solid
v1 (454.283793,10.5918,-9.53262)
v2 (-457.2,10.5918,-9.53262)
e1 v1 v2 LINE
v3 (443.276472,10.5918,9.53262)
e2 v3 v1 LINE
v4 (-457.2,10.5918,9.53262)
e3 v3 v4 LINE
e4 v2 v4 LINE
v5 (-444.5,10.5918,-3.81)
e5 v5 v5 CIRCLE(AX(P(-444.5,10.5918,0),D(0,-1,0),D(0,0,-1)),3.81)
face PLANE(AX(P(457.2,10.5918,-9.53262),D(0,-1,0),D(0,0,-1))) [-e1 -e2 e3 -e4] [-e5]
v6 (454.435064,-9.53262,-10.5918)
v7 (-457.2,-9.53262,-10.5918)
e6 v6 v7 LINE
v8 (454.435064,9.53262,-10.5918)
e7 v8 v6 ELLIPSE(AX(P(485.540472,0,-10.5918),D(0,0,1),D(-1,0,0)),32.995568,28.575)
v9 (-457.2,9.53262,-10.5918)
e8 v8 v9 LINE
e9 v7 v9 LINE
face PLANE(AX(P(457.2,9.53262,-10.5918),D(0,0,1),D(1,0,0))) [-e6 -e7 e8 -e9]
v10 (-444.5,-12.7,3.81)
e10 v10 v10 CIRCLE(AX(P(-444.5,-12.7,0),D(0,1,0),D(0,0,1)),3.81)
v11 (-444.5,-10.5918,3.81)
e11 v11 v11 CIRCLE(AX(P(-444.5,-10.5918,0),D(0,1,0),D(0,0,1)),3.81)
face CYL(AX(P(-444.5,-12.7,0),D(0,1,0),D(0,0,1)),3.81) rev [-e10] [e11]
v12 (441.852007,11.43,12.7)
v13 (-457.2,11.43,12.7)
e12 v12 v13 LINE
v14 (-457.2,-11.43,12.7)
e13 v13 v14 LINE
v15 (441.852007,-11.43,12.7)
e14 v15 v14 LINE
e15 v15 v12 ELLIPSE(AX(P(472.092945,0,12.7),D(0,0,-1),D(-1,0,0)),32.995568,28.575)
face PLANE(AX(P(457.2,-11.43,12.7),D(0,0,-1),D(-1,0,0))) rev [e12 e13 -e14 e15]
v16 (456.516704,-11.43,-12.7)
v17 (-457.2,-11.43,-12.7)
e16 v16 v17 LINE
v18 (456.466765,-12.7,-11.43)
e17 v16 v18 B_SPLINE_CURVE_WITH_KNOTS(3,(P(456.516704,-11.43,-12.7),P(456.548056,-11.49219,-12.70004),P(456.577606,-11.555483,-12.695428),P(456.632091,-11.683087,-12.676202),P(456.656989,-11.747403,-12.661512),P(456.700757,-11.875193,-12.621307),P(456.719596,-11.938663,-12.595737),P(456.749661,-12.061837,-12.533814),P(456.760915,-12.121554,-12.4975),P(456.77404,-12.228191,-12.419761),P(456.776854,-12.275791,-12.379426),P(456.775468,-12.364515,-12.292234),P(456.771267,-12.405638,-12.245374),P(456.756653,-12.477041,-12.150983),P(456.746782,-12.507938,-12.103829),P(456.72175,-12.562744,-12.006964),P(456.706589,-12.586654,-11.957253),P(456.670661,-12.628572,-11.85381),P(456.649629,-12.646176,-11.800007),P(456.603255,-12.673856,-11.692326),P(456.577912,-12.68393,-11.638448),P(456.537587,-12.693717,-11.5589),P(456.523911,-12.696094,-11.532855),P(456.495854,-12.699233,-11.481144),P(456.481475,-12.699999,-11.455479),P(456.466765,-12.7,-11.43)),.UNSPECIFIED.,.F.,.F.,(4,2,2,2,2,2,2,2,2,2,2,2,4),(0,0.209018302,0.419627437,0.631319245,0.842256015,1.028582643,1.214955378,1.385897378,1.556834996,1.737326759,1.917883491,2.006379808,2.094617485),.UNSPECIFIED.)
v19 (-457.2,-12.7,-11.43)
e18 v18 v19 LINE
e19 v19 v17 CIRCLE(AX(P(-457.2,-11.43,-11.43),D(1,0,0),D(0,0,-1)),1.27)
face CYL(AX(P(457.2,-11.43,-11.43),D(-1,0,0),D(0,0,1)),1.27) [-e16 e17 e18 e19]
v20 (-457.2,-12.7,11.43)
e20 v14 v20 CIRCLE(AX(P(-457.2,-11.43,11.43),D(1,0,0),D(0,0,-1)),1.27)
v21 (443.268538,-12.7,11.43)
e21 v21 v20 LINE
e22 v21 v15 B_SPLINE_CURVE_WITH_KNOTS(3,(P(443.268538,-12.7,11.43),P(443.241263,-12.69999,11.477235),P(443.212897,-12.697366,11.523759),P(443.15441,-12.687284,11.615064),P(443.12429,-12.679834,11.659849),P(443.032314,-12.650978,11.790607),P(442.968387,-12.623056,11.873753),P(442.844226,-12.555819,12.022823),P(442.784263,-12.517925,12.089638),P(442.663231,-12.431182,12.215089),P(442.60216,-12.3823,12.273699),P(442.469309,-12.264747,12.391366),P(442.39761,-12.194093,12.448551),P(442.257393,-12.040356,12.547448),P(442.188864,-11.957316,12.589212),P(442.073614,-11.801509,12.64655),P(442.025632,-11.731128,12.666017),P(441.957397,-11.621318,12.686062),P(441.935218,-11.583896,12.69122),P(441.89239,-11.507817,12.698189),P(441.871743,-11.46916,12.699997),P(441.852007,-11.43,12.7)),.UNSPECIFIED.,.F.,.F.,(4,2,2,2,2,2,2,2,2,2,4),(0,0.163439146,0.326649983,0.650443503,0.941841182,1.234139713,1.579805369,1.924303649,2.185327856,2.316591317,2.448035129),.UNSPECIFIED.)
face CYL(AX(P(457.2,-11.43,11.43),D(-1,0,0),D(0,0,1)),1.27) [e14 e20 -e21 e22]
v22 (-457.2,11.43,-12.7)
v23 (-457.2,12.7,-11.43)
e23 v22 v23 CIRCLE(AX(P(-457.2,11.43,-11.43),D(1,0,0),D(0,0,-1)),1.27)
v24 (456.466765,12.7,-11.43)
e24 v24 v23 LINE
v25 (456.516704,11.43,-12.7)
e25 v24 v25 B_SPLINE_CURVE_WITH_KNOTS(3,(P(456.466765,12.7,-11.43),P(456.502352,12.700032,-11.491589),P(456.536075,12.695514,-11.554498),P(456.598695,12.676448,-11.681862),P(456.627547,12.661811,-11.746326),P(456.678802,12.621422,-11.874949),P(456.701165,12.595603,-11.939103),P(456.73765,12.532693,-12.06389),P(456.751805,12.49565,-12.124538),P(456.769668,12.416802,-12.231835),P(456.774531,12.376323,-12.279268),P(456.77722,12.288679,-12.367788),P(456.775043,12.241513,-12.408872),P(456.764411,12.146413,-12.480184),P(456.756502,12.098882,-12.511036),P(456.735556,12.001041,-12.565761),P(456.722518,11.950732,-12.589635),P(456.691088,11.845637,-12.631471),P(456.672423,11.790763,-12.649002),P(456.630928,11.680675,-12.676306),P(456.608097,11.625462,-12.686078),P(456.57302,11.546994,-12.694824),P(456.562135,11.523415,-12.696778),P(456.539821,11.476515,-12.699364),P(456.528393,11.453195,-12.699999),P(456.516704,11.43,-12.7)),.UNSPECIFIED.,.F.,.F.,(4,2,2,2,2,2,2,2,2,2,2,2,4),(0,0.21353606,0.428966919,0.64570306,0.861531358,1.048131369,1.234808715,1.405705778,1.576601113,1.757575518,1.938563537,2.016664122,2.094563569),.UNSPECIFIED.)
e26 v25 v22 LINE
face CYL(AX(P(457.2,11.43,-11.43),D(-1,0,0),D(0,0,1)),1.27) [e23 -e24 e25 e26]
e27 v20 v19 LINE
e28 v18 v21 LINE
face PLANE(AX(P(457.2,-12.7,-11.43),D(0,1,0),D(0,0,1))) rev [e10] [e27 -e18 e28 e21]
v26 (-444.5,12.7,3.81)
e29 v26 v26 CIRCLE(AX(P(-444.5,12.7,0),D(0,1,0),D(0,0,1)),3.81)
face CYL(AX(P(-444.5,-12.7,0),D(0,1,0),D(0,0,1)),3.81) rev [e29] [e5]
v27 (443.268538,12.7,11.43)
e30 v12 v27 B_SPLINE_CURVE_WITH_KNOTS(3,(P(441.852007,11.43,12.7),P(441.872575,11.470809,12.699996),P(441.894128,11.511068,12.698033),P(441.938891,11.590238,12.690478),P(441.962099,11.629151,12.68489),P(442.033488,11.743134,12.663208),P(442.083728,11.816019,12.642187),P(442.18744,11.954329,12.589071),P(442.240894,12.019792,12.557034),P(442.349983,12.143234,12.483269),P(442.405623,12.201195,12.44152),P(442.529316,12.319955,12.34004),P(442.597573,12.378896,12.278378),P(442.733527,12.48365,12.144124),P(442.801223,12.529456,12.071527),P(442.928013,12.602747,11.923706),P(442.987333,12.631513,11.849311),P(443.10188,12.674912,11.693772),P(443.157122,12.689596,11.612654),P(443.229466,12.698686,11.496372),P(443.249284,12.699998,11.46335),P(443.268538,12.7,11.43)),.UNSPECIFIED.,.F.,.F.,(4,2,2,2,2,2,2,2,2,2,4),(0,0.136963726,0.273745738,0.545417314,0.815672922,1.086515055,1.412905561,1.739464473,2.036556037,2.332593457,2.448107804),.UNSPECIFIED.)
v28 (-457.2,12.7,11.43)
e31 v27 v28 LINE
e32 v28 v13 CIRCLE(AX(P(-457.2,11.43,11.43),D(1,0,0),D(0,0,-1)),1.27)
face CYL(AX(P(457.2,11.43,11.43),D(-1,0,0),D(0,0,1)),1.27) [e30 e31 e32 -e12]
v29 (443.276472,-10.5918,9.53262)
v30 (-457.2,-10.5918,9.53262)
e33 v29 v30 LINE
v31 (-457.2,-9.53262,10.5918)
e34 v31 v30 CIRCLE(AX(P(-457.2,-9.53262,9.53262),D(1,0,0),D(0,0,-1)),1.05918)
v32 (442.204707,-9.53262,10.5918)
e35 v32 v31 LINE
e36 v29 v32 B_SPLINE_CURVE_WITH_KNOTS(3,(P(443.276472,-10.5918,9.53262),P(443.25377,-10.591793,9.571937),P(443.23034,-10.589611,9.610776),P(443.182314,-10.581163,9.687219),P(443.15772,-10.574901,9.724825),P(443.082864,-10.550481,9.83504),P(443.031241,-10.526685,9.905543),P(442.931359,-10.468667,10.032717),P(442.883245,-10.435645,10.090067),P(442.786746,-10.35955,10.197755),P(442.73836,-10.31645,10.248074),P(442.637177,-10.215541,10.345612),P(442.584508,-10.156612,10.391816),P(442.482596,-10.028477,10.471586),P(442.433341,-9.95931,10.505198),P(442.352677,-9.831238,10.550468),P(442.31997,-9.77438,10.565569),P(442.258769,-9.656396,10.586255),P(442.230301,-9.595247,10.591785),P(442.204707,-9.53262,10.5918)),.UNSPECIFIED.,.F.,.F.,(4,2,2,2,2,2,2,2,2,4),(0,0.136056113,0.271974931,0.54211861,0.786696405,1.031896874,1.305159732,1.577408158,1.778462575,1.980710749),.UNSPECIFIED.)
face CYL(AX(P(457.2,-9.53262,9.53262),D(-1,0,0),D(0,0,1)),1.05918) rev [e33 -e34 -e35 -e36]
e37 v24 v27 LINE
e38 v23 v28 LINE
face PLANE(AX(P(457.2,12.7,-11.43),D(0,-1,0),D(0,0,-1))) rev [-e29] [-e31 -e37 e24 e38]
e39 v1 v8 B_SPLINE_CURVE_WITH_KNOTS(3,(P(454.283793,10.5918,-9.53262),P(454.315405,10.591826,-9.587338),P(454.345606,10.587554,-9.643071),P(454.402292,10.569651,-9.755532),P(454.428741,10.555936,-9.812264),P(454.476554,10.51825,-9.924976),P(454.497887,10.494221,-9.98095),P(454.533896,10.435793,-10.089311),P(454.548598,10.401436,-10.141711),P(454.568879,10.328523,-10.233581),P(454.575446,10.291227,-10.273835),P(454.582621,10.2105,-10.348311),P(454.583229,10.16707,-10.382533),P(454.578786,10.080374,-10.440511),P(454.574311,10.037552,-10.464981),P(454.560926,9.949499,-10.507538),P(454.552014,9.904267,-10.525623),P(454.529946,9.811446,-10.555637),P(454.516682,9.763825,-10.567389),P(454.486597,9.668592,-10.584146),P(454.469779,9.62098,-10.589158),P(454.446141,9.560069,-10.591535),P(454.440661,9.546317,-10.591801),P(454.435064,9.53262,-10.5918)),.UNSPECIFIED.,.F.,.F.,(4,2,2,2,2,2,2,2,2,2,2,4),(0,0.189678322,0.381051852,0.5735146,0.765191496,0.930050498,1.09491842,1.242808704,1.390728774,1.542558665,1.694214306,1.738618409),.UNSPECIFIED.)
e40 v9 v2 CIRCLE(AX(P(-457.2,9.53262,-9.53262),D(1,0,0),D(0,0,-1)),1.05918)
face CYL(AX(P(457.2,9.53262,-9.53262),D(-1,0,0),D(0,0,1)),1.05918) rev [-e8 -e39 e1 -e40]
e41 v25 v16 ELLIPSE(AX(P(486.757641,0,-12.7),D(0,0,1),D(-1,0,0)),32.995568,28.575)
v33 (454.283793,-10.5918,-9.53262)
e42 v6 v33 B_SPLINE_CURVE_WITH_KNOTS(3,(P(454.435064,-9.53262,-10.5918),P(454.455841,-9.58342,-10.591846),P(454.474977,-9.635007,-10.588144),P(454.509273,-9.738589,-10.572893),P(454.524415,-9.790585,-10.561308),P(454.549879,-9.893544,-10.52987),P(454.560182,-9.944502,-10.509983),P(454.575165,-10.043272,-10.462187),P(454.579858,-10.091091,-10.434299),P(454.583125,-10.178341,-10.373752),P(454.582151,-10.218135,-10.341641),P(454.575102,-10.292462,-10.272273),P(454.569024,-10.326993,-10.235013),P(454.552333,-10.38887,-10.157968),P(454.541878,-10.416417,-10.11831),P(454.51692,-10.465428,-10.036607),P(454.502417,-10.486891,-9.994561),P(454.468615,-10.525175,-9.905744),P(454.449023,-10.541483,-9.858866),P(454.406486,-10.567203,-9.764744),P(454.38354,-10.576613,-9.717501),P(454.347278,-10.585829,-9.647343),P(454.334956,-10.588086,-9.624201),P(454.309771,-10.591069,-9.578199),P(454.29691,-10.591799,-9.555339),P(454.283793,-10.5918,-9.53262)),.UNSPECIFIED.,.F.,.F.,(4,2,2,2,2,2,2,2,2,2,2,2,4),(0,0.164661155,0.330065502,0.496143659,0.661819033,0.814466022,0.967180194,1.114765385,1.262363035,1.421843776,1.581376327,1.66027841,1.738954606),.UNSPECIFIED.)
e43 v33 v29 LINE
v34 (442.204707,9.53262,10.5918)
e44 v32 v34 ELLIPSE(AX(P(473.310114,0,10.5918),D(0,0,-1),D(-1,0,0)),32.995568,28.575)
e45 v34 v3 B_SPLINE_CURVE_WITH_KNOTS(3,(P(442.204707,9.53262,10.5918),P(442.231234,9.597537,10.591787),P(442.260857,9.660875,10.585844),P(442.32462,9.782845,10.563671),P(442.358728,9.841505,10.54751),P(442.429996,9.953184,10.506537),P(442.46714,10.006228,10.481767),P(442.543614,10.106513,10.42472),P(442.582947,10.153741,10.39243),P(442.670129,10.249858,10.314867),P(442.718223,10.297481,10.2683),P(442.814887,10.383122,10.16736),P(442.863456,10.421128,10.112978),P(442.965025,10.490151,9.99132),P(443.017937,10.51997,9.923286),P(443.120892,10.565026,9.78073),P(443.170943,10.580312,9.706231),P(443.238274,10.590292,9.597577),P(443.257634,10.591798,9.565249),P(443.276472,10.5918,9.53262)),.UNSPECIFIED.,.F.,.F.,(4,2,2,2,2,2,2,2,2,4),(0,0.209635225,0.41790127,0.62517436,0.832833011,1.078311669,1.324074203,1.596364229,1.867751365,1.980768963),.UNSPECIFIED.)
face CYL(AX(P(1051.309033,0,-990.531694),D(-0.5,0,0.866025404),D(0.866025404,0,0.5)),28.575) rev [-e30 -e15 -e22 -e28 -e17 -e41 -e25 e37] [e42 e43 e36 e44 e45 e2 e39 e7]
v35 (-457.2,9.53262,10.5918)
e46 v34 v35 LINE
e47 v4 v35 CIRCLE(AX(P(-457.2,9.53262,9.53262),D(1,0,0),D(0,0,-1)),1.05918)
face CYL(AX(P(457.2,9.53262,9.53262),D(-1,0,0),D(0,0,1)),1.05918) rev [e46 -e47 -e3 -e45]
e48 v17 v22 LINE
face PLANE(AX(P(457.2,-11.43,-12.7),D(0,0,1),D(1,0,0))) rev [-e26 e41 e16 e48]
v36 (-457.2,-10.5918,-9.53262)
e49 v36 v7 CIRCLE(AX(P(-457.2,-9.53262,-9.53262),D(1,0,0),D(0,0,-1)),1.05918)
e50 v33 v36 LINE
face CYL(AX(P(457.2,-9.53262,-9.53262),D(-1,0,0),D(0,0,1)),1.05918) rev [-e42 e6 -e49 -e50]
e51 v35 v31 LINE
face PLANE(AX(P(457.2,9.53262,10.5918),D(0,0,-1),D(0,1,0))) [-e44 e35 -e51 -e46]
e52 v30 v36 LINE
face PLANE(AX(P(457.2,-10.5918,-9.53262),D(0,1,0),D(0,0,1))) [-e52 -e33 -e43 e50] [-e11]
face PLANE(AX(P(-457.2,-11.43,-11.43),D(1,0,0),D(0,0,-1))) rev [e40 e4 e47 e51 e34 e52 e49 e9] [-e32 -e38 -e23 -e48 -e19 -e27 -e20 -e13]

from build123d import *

# Parameters (mm, degrees)
BOSS_EXTRUDE1_DEPTH      = 457.2
BOSS_EXTRUDE1_DEPTH_BACK = 457.2
SKETCH5_R                = 3.81
CUT_EXTRUDE1_DEPTH       = 459.081095441
CUT_EXTRUDE2_DEPTH       = 459.081095441
CUT_EXTRUDE4_DEPTH       = 618.719010665
CUT_EXTRUDE4_DEPTH_BACK  = 618.719010665


with BuildPart() as part:
    # Sketch4 → Boss-Extrude1 (new, two sides: drawn at the far end of the back side and taken through both)
    with BuildSketch(Plane(origin=(0, 0, 0), x_dir=(0, 0, -1), z_dir=(1, 0, 0)).offset(-BOSS_EXTRUDE1_DEPTH_BACK)):
        with BuildLine():
            Line((12.7, -11.43), (12.7, 11.43))
            ThreePointArc((12.7, 11.43), (12.328025612, 12.328025612), (11.43, 12.7))
            Line((11.43, 12.7), (-11.43, 12.7))
            ThreePointArc((-11.43, 12.7), (-12.328025612, 12.328025612), (-12.7, 11.43))
            Line((-12.7, 11.43), (-12.7, -11.43))
            ThreePointArc((-12.7, -11.43), (-12.328025612, -12.328025612), (-11.43, -12.7))
            Line((-11.43, -12.7), (11.43, -12.7))
            ThreePointArc((11.43, -12.7), (12.328025612, -12.328025612), (12.7, -11.43))
        make_face()
        with BuildLine():
            Line((10.5918, 9.53262), (10.5918, -9.53262))
            ThreePointArc((10.5918, -9.53262), (10.28157336, -10.28157336), (9.53262, -10.5918))
            Line((9.53262, -10.5918), (-9.53262, -10.5918))
            ThreePointArc((-9.53262, -10.5918), (-10.28157336, -10.28157336), (-10.5918, -9.53262))
            Line((-10.5918, -9.53262), (-10.5918, 9.53262))
            ThreePointArc((-10.5918, 9.53262), (-10.28157336, 10.28157336), (-9.53262, 10.5918))
            Line((-9.53262, 10.5918), (9.53262, 10.5918))
            ThreePointArc((9.53262, 10.5918), (10.28157336, 10.28157336), (10.5918, 9.53262))
        make_face(mode=Mode.SUBTRACT)
    extrude(amount=BOSS_EXTRUDE1_DEPTH + BOSS_EXTRUDE1_DEPTH_BACK)

    # Sketch5 → Cut-Extrude1 (cut, through all)
    with BuildSketch(Plane(origin=(0, 12.7, 0), x_dir=(1, 0, 0), z_dir=(0, 1, 0))):
        with Locations(Location((-444.5, 0, 0), (0, 0, 270))):
            Circle(SKETCH5_R)
    extrude(amount=-CUT_EXTRUDE1_DEPTH, mode=Mode.SUBTRACT)

    # Sketch7 → Cut-Extrude2 (cut, through all)
    with BuildSketch(Plane(origin=(0, 12.7, 0), x_dir=(1, 0, 0), z_dir=(0, 1, 0))):
        Polygon((457.2, 12.7), (442.535303163, -12.7), (457.2, -12.7), align=None)
    extrude(amount=-CUT_EXTRUDE2_DEPTH, mode=Mode.SUBTRACT)

    # Sketch8 → Cut-Extrude4 (cut, two sides: drawn at the far end of the back side and taken through both)
    with BuildSketch(Plane(origin=(119.799261314, 0, -207.498407305), x_dir=(0, 1, 0), z_dir=(0.5000000000000046, 0, -0.866025403784436)).offset(-CUT_EXTRUDE4_DEPTH_BACK)):
        with BuildLine():
            Line((1441.154483305, 1098.308705448), (12.7, 389.59681461))
            ThreePointArc((12.7, 389.59681461), (0, 386.619482961), (-12.7, 389.59681461))
            Line((-12.7, 389.59681461), (-1441.154483305, 1098.308705448))
            Line((-1441.154483305, 1098.308705448), (-1441.154483305, 4287.512214218))
            Line((-1441.154483305, 4287.512214218), (1441.154483305, 4287.512214218))
            Line((1441.154483305, 4287.512214218), (1441.154483305, 1098.308705448))
        make_face()
    extrude(amount=CUT_EXTRUDE4_DEPTH + CUT_EXTRUDE4_DEPTH_BACK, mode=Mode.SUBTRACT)


solid = part.part
